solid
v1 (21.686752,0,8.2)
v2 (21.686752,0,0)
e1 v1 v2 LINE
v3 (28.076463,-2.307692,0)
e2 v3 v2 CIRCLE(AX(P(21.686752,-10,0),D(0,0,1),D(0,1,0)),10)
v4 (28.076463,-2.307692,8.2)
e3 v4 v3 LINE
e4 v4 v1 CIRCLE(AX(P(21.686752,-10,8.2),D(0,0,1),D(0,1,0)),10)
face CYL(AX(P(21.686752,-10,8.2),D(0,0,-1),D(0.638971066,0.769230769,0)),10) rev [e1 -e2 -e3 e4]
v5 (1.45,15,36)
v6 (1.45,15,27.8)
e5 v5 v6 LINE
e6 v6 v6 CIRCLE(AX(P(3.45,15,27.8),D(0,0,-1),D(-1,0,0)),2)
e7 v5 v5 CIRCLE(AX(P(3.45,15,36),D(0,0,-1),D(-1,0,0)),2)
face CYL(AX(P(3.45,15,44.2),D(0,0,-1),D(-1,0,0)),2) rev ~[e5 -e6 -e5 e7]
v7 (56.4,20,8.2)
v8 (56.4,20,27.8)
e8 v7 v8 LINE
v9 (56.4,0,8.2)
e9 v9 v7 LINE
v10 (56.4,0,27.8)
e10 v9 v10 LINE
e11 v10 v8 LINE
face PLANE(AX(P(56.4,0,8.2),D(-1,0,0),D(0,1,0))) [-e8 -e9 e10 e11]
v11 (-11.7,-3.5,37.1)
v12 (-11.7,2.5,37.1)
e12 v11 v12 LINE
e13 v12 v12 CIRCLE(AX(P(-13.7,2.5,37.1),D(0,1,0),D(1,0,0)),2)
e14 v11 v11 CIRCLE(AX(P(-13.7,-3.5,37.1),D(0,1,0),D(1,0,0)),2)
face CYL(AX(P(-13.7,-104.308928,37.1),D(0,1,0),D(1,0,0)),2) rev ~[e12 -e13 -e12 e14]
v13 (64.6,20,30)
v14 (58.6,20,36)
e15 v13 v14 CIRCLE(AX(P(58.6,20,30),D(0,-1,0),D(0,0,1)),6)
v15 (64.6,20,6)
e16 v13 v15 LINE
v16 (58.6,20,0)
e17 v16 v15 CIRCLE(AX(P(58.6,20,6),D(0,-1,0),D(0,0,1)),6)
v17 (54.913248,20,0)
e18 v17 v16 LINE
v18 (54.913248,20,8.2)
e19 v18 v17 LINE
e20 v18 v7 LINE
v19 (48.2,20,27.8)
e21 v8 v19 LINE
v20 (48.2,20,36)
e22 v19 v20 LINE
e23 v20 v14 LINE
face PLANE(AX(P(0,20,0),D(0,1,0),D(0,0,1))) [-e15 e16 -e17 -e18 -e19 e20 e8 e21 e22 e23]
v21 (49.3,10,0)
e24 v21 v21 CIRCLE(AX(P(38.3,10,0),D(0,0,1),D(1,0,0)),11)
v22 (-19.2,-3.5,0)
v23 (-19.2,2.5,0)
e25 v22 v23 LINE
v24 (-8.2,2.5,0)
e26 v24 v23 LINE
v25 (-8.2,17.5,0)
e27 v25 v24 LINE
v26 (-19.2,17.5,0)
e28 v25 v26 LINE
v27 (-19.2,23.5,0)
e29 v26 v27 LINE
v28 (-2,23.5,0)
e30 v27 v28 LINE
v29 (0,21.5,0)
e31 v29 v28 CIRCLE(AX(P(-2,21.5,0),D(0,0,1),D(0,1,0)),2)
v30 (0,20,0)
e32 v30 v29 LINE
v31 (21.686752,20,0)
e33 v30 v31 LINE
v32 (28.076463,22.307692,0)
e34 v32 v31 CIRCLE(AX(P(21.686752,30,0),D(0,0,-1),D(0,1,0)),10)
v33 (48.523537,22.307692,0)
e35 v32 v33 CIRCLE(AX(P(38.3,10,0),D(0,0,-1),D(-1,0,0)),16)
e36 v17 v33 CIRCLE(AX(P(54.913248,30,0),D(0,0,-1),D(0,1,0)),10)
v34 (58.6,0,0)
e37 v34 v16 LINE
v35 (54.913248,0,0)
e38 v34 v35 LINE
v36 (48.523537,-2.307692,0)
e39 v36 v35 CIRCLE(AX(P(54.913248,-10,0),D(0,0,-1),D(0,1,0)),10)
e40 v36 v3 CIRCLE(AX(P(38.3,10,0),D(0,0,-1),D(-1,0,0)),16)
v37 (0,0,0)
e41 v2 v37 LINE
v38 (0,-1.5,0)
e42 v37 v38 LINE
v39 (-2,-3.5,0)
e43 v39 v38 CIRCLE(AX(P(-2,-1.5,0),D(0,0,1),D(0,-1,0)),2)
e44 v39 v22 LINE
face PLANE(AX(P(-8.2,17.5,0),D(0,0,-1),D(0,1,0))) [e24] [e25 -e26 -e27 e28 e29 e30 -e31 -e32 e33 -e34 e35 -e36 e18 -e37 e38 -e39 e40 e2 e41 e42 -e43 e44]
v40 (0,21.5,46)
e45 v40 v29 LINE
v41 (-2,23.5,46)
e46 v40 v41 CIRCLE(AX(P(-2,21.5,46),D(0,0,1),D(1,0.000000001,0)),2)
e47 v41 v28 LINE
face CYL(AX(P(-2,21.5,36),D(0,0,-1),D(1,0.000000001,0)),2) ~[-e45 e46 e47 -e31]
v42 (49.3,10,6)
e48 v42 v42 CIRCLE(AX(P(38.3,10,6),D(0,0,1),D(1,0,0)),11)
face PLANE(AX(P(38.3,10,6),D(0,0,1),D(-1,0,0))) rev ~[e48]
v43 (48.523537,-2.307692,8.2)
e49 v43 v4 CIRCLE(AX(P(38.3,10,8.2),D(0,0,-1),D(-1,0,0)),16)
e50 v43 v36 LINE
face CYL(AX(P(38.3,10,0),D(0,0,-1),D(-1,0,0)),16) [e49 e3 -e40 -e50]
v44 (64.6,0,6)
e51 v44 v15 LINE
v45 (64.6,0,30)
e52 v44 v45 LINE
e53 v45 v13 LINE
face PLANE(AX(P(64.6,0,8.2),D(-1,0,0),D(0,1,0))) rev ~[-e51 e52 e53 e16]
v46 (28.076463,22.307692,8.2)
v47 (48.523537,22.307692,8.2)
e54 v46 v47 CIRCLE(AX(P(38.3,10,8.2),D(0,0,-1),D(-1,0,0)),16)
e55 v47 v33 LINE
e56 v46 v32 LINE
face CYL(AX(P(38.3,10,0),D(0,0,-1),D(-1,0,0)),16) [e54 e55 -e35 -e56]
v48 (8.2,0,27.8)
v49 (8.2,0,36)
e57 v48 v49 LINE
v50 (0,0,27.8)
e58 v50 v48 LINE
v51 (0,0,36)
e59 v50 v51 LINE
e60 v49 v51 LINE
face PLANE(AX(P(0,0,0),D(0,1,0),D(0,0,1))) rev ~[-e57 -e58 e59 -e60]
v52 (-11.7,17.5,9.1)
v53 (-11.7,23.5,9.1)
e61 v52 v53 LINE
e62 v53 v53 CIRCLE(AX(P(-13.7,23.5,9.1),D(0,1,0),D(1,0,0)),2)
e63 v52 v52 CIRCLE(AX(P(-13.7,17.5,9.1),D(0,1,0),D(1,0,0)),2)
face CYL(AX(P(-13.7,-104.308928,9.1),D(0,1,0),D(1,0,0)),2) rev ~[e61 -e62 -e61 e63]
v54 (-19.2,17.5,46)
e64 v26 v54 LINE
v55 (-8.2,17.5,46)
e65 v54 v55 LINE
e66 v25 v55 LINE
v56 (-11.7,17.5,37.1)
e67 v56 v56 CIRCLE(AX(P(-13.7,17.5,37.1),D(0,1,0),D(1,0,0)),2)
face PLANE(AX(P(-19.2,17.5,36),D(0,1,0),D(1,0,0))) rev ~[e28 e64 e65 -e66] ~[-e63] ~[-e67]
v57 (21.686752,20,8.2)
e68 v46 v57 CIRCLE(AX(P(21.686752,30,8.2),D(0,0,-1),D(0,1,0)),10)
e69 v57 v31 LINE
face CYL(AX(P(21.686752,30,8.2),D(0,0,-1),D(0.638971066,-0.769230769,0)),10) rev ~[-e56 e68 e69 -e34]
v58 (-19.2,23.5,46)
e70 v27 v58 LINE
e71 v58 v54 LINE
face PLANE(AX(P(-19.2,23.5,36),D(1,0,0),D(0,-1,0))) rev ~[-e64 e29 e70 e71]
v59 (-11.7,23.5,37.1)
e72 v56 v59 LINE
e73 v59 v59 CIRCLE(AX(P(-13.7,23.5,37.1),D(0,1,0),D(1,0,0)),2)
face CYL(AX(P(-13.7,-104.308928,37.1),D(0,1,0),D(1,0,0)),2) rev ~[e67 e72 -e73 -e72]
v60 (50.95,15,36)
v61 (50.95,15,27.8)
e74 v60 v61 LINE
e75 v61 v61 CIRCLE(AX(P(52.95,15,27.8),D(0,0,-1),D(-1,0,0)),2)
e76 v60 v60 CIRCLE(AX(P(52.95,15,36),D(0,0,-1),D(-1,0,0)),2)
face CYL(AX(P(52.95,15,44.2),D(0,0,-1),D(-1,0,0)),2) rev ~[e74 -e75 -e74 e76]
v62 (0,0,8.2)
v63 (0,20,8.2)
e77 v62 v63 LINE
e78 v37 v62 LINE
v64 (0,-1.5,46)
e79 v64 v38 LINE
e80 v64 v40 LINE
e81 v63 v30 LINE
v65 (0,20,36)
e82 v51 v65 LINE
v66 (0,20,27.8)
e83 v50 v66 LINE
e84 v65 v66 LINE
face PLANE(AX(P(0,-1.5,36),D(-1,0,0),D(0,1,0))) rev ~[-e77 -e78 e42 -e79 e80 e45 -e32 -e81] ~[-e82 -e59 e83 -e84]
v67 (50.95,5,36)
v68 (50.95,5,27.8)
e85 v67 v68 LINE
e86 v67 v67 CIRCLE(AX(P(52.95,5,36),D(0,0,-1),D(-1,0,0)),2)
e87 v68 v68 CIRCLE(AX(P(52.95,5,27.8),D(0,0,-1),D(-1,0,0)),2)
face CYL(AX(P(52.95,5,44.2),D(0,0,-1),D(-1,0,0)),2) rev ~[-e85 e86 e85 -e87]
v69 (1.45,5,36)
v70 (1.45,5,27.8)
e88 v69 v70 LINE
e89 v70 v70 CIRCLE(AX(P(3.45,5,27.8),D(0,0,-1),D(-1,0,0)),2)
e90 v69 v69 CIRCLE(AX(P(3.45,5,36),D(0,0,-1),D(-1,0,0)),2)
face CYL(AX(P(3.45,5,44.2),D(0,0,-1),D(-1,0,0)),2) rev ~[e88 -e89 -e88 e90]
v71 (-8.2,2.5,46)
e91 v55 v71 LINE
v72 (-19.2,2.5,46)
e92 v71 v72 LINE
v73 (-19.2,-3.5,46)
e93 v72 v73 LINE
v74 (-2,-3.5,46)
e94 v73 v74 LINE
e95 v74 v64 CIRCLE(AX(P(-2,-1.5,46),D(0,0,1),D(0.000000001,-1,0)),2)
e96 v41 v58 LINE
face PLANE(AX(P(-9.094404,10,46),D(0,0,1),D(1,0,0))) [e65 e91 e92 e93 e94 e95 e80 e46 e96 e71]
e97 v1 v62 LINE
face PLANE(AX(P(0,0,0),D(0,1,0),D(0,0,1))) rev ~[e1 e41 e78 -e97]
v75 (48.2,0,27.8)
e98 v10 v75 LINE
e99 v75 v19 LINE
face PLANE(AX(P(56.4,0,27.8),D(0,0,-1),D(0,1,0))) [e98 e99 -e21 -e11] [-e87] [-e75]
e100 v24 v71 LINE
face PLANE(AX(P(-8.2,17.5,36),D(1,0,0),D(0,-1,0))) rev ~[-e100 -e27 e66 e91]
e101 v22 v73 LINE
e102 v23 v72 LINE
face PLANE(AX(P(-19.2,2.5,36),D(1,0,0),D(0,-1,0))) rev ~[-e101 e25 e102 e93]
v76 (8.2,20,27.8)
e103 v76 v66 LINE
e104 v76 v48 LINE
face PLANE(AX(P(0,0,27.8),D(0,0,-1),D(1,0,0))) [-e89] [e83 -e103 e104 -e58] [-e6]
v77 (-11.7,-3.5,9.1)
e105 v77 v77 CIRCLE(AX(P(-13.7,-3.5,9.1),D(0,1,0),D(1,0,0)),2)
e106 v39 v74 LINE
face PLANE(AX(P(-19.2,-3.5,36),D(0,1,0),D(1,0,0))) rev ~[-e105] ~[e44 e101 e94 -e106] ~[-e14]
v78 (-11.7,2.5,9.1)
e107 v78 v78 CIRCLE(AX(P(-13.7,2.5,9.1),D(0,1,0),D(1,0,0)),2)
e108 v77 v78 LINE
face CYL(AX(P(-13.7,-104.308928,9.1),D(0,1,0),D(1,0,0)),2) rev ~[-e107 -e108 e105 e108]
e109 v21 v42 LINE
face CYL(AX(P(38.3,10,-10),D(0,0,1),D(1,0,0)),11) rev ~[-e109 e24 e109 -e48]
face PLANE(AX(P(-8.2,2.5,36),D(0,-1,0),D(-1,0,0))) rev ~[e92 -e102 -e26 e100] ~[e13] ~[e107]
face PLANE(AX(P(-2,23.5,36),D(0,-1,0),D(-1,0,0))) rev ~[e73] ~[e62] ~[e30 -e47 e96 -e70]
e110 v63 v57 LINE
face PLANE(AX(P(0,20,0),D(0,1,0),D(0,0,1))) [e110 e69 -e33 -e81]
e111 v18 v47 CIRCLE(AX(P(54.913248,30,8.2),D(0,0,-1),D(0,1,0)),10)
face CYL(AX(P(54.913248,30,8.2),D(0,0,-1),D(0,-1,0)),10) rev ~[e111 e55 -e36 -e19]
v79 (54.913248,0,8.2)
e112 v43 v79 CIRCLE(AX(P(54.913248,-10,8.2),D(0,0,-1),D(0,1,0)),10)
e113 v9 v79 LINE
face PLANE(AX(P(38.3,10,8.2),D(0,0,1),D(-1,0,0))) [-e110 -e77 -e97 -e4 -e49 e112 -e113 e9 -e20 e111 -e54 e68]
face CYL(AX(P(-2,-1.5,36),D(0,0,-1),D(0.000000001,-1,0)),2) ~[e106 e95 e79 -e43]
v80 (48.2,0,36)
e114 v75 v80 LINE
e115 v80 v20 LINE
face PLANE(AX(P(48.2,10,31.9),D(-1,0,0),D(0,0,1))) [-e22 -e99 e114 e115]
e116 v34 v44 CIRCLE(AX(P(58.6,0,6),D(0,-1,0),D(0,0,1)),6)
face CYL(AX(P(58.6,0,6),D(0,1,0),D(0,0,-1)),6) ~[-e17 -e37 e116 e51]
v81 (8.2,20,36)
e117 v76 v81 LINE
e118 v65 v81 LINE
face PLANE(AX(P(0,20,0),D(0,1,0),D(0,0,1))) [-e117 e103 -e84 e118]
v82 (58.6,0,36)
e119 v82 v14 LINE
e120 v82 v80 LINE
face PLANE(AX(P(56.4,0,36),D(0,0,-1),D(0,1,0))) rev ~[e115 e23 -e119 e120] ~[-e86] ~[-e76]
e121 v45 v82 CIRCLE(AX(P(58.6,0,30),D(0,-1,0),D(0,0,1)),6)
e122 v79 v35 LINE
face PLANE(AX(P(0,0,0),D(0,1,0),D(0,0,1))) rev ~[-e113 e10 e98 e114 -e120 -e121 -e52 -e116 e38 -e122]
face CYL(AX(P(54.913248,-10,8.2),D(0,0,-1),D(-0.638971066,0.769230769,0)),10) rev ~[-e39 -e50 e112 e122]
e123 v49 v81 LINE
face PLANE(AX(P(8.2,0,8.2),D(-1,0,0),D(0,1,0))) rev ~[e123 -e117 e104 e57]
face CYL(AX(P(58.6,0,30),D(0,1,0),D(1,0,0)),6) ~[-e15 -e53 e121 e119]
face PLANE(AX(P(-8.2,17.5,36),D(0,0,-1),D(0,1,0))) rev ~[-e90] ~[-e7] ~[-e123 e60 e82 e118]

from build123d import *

# Parameters (mm, degrees)
SCHIZZO1_W                     = 64.6
SCHIZZO1_H                     = 20
ESTRUSIONE_ESTRUSIONE1_DEPTH   = 8.2
SCHIZZO2_W                     = 8.2
SCHIZZO2_H                     = 20
ESTRUSIONE_ESTRUSIONE2_DEPTH   = 27.8
SCHIZZO3_W                     = 8.2
SCHIZZO3_H                     = 20
ESTRUSIONE_ESTRUSIONE3_DEPTH   = 27.8
SCHIZZO4_W                     = 8.2
SCHIZZO4_H                     = 20
ESTRUSIONE_ESTRUSIONE4_DEPTH   = 8.2
SCHIZZO5_W                     = 36
SCHIZZO5_H                     = 20
ESTRUSIONE_ESTRUSIONE5_DEPTH   = 8.2
SCHIZZO6_W                     = 48.2
SCHIZZO6_H                     = 19.6
TAGLIO_ESTRUSIONE1_DEPTH       = 77.610443152
F_4_0_4_DIAMETER_HOLE2_D       = 4
F_4_0_4_DIAMETER_HOLE2_DEPTH   = 8.2
SCHIZZO11_R                    = 16
ESTRUSIONE_ESTRUSIONE6_DEPTH   = 8.2
RACCORDO1_R                    = 10
F_22_0_22_DIAMETER_HOLE1_D     = 22
F_22_0_22_DIAMETER_HOLE1_DEPTH = 10
F_22_0_22_DIAMETER_HOLE1_TIP   = 6.609466809
RACCORDO3_R                    = 6
SCHIZZO15_W                    = 8.2
SCHIZZO15_H                    = 36
ESTRUSIONE_ESTRUSIONE7_DEPTH   = 3.5
SCHIZZO16_W                    = 8.2
SCHIZZO16_H                    = 36
ESTRUSIONE_ESTRUSIONE8_DEPTH   = 3.5
SCHIZZO17_W                    = 36
SCHIZZO17_H                    = 6
ESTRUSIONE_ESTRUSIONE9_DEPTH   = 11
RACCORDO6_R                    = 2
SCHIZZO23_R                    = 11
ESTRUSIONE_ESTRUSIONE10_DEPTH  = 2.2
ESTRUSIONE_ESTRUSIONE11_DEPTH  = 10
F_4_0_4_DIAMETER_HOLE1_D       = 4


with BuildPart() as part:
    # Schizzo1 → Estrusione-Estrusione1 (new body)
    with BuildSketch(Plane.XY):
        with Locations((32.3, 10)):
            Rectangle(SCHIZZO1_W, SCHIZZO1_H)
    extrude(amount=ESTRUSIONE_ESTRUSIONE1_DEPTH)

    # Schizzo2 → Estrusione-Estrusione2 (add)
    with BuildSketch(Plane.XY.offset(8.2)):
        with Locations((4.1, 10)):
            Rectangle(SCHIZZO2_W, SCHIZZO2_H)
    extrude(amount=ESTRUSIONE_ESTRUSIONE2_DEPTH)

    # Schizzo3 → Estrusione-Estrusione3 (add)
    with BuildSketch(Plane.XY.offset(8.2)):
        with Locations((60.5, 10)):
            Rectangle(SCHIZZO3_W, SCHIZZO3_H)
    extrude(amount=ESTRUSIONE_ESTRUSIONE3_DEPTH)

    # Schizzo4 → Estrusione-Estrusione4 (add)
    with BuildSketch(Plane.ZY.offset(-56.4)):
        with Locations((31.9, 10)):
            Rectangle(SCHIZZO4_W, SCHIZZO4_H)
    extrude(amount=ESTRUSIONE_ESTRUSIONE4_DEPTH)

    # Schizzo5 → Estrusione-Estrusione5 (add)
    with BuildSketch(Plane.ZY):
        with Locations((18, 10)):
            Rectangle(SCHIZZO5_W, SCHIZZO5_H)
    extrude(amount=ESTRUSIONE_ESTRUSIONE5_DEPTH)

    # Schizzo6 → Taglio-Estrusione1 (cut, through all)
    with BuildSketch(Plane.XZ):
        with Locations((24.1, 18)):
            Rectangle(SCHIZZO6_W, SCHIZZO6_H)
    extrude(amount=-TAGLIO_ESTRUSIONE1_DEPTH, mode=Mode.SUBTRACT)

    # Ø4.0 (4) Diameter Hole2
    with Locations(Plane.XY.offset(36)):
        with Locations((52.95, 5), (3.45, 5), (3.45, 15), (52.95, 15)):
            Hole(F_4_0_4_DIAMETER_HOLE2_D / 2, depth=F_4_0_4_DIAMETER_HOLE2_DEPTH)

    # Schizzo11 → Estrusione-Estrusione6 (add)
    with BuildSketch(Plane(origin=(0, 0, 0), x_dir=(-1, 0, 0), z_dir=(0, 0, -1))):
        with Locations((-38.3, 10)):
            Circle(SCHIZZO11_R)
    extrude(amount=-ESTRUSIONE_ESTRUSIONE6_DEPTH)

    # Raccordo1
    raccordo1_edges = [part.edges().sort_by_distance(p)[0] for p in [
        (50.789995997, 0, 4.1),
        (50.789995997, 20, 4.1),
        (25.810004003, 0, 4.1),
        (25.810004003, 20, 4.1),
    ]]
    fillet(raccordo1_edges, radius=RACCORDO1_R)

    # Ø22.0 (22) Diameter Hole1
    with Locations(Plane(origin=(0, 0, 0), x_dir=(-1, 0, 0), z_dir=(0, 0, -1))):
        with Locations((-38.3, 10)):
            Hole(F_22_0_22_DIAMETER_HOLE1_D / 2, depth=F_22_0_22_DIAMETER_HOLE1_DEPTH)
            with Locations((0, 0, -(F_22_0_22_DIAMETER_HOLE1_DEPTH + F_22_0_22_DIAMETER_HOLE1_TIP / 2))):  # 118° drill point
                Cone(0, F_22_0_22_DIAMETER_HOLE1_D / 2, F_22_0_22_DIAMETER_HOLE1_TIP, mode=Mode.SUBTRACT)

    # Raccordo3
    raccordo3_edges = [part.edges().sort_by_distance(p)[0] for p in [
        (64.6, 10, 36),
        (64.6, 10, 0),
    ]]
    fillet(raccordo3_edges, radius=RACCORDO3_R)

    # Schizzo15 → Estrusione-Estrusione7 (add)
    with BuildSketch(Plane.XZ):
        with Locations((-4.1, 18)):
            Rectangle(SCHIZZO15_W, SCHIZZO15_H)
    extrude(amount=ESTRUSIONE_ESTRUSIONE7_DEPTH)

    # Schizzo16 → Estrusione-Estrusione8 (add)
    with BuildSketch(Plane(origin=(0, 20, 0), x_dir=(1, 0, 0), z_dir=(0, 1, 0))):
        with Locations((-4.1, -18)):
            Rectangle(SCHIZZO16_W, SCHIZZO16_H)
    extrude(amount=ESTRUSIONE_ESTRUSIONE8_DEPTH)

    # Schizzo17 → Estrusione-Estrusione9 (add)
    with BuildSketch(Plane.ZY.offset(8.2)):
        with Locations((18, 20.5)):
            Rectangle(SCHIZZO17_W, SCHIZZO17_H)
        with Locations((18, -0.5)):
            Rectangle(SCHIZZO17_W, SCHIZZO17_H)
    extrude(amount=ESTRUSIONE_ESTRUSIONE9_DEPTH)

    # Raccordo6
    raccordo6_edges = [part.edges().sort_by_distance(p)[0] for p in [
        (0, -3.5, 18),
        (0, 23.5, 18),
    ]]
    fillet(raccordo6_edges, radius=RACCORDO6_R)

    # Schizzo23 → Estrusione-Estrusione10 (add)
    with BuildSketch(Plane.XY.offset(8.2)):
        with Locations(Location((38.3, 10, 0), (0, 0, 180))):
            Circle(SCHIZZO23_R)
    extrude(amount=-ESTRUSIONE_ESTRUSIONE10_DEPTH)

    # Schizzo24 → Estrusione-Estrusione11 (add)
    with BuildSketch(Plane.XY.offset(36)):
        with BuildLine():
            Line((-2, 23.5), (-19.2, 23.5))
            Line((-19.2, 23.5), (-19.2, 17.5))
            Line((-19.2, 17.5), (-8.2, 17.5))
            Line((-8.2, 17.5), (-8.2, 2.5))
            Line((-8.2, 2.5), (-19.2, 2.5))
            Line((-19.2, 2.5), (-19.2, -3.5))
            Line((-19.2, -3.5), (-2, -3.5))
            ThreePointArc((-2, -3.5), (-0.585786438, -2.914213562), (0, -1.5))
            Line((0, -1.5), (0, 21.5))
            ThreePointArc((0, 21.5), (-0.585786438, 22.914213562), (-2, 23.5))
        make_face()
    extrude(amount=ESTRUSIONE_ESTRUSIONE11_DEPTH)

    # Ø4.0 (4) Diameter Hole1 (through all)
    with Locations(Plane(origin=(0, -3.5, 0), x_dir=(-1, 0, 0), z_dir=(0, -1, 0))):
        with Locations((13.7, -37.1), (13.7, -9.1)):
            Hole(F_4_0_4_DIAMETER_HOLE1_D / 2)


solid = part.part
